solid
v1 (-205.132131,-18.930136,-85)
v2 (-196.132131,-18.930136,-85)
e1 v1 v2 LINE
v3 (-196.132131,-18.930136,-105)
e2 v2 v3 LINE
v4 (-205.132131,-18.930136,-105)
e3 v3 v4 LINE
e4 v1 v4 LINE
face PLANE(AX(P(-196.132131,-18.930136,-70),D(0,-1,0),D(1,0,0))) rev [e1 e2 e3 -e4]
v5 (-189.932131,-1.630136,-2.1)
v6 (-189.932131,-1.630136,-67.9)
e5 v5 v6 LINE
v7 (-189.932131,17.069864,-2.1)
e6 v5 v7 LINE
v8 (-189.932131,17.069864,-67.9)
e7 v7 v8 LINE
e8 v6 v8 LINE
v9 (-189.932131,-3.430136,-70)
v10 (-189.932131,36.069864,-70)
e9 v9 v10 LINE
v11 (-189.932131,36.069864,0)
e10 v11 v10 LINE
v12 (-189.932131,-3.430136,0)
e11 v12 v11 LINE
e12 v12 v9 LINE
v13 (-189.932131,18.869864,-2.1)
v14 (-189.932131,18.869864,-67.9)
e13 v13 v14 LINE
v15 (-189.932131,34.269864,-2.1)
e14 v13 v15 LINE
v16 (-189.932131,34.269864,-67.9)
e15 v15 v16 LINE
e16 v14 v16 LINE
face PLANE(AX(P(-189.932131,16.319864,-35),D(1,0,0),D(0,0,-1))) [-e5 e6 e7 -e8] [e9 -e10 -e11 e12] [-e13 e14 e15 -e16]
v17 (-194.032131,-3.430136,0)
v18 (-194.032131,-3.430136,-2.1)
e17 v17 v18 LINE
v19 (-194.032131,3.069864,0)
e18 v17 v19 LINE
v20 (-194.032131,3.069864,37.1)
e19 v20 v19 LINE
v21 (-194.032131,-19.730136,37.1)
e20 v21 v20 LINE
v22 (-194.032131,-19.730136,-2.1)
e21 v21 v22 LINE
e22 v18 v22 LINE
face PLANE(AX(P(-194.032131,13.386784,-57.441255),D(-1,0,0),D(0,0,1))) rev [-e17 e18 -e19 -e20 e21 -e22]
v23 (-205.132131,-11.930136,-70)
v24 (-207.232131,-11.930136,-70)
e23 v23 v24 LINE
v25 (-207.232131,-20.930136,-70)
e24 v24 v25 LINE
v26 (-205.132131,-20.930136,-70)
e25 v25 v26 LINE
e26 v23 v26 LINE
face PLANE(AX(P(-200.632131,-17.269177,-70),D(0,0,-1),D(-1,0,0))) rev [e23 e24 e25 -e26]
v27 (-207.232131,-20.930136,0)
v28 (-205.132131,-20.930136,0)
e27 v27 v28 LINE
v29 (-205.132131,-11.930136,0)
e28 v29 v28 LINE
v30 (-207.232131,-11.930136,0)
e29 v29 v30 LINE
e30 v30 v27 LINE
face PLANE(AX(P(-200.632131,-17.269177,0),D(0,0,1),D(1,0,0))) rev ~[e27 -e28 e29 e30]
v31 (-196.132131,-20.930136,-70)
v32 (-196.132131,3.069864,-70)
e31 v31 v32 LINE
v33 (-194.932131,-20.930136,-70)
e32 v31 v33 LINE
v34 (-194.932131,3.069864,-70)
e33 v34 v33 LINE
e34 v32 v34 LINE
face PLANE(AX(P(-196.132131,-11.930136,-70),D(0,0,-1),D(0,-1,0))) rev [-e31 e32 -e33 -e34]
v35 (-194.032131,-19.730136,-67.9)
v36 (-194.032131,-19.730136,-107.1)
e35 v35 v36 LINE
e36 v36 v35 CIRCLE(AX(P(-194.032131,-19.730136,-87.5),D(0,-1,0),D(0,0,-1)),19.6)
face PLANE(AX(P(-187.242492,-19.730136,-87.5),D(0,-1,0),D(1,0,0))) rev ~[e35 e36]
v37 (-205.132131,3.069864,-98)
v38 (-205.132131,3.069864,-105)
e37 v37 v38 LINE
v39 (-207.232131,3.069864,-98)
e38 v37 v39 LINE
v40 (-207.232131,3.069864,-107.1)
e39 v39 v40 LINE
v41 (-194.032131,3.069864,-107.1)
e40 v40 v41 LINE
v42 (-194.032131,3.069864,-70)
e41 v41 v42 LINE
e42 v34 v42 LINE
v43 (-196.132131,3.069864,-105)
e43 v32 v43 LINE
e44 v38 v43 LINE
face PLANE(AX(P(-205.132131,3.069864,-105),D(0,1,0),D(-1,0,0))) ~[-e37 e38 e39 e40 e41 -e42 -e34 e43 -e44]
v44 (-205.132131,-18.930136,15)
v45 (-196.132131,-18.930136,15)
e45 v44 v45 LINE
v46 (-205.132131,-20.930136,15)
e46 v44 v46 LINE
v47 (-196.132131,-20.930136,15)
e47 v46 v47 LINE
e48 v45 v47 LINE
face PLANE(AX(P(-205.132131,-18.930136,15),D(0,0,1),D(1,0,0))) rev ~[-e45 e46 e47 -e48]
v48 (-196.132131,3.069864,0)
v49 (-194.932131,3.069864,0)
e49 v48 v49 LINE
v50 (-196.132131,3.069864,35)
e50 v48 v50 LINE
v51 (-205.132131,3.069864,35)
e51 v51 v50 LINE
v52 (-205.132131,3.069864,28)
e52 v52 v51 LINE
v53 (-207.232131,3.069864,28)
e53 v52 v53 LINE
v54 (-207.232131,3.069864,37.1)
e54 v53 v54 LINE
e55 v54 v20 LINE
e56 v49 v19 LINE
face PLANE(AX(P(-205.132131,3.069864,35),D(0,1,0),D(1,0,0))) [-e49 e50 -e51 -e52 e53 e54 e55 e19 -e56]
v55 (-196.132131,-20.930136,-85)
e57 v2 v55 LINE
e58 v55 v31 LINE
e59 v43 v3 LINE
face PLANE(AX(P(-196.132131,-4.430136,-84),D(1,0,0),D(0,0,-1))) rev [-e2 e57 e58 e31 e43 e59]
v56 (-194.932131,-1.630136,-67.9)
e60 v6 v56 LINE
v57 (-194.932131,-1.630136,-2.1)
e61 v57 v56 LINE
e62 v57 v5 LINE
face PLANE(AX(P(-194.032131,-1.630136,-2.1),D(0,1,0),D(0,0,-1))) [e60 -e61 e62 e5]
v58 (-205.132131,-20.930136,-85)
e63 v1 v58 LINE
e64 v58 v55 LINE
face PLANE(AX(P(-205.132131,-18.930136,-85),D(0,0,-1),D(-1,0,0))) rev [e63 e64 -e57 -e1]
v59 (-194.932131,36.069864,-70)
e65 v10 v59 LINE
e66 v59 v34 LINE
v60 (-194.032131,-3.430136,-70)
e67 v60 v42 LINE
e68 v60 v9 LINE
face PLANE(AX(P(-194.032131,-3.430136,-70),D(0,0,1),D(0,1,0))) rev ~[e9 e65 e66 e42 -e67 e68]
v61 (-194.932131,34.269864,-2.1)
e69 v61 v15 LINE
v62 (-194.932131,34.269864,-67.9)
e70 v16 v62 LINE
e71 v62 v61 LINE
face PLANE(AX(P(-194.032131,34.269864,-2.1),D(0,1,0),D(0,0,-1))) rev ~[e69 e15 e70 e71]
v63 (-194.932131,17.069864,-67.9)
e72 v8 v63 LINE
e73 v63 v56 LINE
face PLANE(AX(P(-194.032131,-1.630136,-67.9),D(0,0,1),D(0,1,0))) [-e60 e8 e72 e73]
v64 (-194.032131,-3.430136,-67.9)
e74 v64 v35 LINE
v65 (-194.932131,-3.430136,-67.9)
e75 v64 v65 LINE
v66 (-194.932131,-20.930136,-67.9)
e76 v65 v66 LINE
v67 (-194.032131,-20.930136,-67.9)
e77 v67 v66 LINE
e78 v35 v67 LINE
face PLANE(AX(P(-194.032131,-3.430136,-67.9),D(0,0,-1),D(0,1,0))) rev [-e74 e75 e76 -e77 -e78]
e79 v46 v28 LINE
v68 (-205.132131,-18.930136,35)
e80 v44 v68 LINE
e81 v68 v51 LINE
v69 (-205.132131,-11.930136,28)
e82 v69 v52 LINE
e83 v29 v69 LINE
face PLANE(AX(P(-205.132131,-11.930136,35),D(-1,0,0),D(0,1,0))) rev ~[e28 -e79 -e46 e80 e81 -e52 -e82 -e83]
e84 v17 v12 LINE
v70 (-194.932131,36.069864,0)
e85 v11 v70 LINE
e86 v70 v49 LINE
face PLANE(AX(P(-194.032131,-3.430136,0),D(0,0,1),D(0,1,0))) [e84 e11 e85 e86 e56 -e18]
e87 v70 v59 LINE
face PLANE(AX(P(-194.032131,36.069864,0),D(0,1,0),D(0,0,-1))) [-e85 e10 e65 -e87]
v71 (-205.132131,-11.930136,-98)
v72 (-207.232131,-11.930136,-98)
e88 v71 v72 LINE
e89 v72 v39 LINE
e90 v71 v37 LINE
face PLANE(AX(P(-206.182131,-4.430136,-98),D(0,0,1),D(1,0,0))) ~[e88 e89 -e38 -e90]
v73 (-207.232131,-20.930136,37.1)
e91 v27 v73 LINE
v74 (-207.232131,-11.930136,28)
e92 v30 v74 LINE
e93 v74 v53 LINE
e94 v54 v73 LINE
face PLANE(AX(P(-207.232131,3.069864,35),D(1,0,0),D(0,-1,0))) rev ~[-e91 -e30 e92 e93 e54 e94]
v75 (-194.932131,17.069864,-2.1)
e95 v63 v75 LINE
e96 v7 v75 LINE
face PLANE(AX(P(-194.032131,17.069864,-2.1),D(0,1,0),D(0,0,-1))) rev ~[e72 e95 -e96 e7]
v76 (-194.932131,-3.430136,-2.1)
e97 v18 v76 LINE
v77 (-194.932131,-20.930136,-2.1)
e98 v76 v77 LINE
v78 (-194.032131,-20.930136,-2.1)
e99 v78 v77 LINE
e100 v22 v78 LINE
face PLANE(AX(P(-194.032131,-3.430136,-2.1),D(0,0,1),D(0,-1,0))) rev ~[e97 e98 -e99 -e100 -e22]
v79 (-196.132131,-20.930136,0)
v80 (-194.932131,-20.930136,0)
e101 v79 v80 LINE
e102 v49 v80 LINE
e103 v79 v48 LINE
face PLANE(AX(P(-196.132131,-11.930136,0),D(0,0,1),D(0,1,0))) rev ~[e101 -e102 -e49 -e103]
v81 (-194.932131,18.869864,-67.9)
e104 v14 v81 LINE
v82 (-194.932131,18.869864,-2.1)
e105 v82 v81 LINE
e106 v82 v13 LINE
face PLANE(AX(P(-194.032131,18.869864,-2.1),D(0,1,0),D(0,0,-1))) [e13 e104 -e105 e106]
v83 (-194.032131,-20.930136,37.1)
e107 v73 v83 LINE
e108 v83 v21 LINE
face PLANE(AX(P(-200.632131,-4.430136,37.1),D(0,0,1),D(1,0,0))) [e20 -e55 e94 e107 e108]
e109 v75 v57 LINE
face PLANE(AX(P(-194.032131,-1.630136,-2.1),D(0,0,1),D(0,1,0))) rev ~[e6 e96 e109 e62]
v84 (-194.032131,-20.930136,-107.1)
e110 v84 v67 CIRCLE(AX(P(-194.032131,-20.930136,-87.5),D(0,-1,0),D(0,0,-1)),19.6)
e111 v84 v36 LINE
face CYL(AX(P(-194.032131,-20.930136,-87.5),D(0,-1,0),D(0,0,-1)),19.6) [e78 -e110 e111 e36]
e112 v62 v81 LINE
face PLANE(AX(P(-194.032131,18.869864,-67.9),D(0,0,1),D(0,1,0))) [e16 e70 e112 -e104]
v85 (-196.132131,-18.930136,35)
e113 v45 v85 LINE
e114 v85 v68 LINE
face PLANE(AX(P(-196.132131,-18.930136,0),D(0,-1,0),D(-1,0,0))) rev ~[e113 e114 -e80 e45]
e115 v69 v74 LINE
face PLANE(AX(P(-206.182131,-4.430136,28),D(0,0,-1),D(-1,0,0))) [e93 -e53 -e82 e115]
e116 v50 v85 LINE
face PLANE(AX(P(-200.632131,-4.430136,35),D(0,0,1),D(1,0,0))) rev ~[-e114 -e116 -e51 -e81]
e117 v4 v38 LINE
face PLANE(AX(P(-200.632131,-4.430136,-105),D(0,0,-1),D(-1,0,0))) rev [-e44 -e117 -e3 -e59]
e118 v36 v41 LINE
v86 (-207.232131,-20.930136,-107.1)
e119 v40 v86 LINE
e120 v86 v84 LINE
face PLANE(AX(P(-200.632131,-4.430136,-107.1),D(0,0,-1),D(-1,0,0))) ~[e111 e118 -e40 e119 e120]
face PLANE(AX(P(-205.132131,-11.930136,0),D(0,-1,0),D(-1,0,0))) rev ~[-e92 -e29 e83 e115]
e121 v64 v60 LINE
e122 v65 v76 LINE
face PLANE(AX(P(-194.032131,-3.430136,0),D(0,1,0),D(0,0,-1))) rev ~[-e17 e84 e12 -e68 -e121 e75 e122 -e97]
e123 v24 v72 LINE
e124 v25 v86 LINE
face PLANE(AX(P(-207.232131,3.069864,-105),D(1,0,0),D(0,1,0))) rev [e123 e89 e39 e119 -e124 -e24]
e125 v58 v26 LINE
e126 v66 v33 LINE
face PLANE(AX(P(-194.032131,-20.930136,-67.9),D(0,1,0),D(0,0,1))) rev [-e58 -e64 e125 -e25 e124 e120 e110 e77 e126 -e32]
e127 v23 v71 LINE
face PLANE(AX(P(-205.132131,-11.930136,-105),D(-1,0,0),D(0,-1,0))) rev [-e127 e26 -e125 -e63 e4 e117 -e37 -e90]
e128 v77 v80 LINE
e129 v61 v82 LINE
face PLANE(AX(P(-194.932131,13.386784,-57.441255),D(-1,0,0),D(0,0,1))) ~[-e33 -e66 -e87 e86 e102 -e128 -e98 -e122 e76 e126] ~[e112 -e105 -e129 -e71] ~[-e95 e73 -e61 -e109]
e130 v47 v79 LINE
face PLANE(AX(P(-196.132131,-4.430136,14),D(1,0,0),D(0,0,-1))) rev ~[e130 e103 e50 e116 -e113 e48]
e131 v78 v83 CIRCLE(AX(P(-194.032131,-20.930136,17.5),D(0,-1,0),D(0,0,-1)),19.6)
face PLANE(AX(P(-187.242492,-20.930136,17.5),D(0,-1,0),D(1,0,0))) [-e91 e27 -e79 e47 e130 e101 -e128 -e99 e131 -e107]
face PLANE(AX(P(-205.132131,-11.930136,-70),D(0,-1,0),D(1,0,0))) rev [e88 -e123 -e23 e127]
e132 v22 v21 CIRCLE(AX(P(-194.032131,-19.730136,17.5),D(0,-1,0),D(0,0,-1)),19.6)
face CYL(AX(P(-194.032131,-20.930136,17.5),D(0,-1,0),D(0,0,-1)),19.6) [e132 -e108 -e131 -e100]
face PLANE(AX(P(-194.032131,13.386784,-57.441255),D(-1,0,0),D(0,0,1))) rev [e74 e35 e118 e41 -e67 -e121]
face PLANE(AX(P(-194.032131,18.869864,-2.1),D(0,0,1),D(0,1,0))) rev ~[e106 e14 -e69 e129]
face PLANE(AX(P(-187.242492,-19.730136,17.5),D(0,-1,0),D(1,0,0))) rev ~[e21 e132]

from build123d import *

# Parameters (mm, degrees)
SALIENTE_EXTRUIR2_DEPTH  = 35
CROQUIS4_W               = 9
CROQUIS4_H               = 15
CORTAR_EXTRUIR1_DEPTH    = 70
SALIENTE_EXTRUIR3_DEPTH  = 2.1
CROQUIS8_W               = 2.1
CROQUIS8_H               = 15
SALIENTE_EXTRUIR4_DEPTH  = 7
SALIENTE_EXTRUIR5_START  = -2.1
CROQUIS9_W               = 28
CROQUIS9_H               = 15
SALIENTE_EXTRUIR5_DEPTH  = 2.1
SALIENTE_EXTRUIR6_START  = -2.1
CROQUIS10_W              = 9
CROQUIS10_H              = 15
SALIENTE_EXTRUIR6_DEPTH  = 2.1
SALIENTE_EXTRUIR7_DEPTH  = 0.9
SALIENTE_EXTRUIR8_DEPTH  = 1.2
CROQUIS16_W              = 70
CROQUIS16_H              = 39.5
CROQUIS16_W_2            = 65.8
CROQUIS16_H_2            = 15.4
CROQUIS16_H_3            = 18.7
SALIENTE_EXTRUIR10_DEPTH = 4.1


with BuildPart() as part:
    # Croquis3 → Saliente-Extruir2 (new body)
    with BuildSketch(Plane.XY):
        Polygon((-207.232131222, -11.93013618), (-207.232131222, -18.93013618), (-207.232131222, -20.93013618), (-194.032131222, -20.93013618), (-194.032131222, -11.93013618), (-196.132131222, -11.93013618), (-196.132131222, -18.93013618), (-205.132131222, -18.93013618), (-205.132131222, -11.93013618), align=None)
    extrude(amount=SALIENTE_EXTRUIR2_DEPTH)

    # Croquis4 → Cortar-Extruir1 (cut)
    with BuildSketch(Plane(origin=(0, -18.93013618, 0), x_dir=(1, 0, 0), z_dir=(0, 1, 0))):
        with Locations((-200.632131222, -7.5)):
            Rectangle(CROQUIS4_W, CROQUIS4_H)
    extrude(amount=-CORTAR_EXTRUIR1_DEPTH, mode=Mode.SUBTRACT)

    # Croquis7 → Saliente-Extruir3 (add)
    with BuildSketch(Plane.XY.offset(35)):
        Polygon((-205.132131222, -11.93013618), (-205.132131222, 3.06986382), (-207.232131222, 3.06986382), (-207.232131222, -20.93013618), (-194.032131222, -20.93013618), (-194.032131222, 3.06986382), (-196.132131222, 3.06986382), (-196.132131222, -11.93013618), align=None)
    extrude(amount=SALIENTE_EXTRUIR3_DEPTH)

    # Croquis8 → Saliente-Extruir4 (add)
    with BuildSketch(Plane(origin=(0, 0, 35), x_dir=(-1, 0, 0), z_dir=(0, 0, -1))):
        with Locations((195.082131222, -4.43013618)):
            Rectangle(CROQUIS8_W, CROQUIS8_H)
        with Locations((206.182131222, -4.43013618)):
            Rectangle(CROQUIS8_W, CROQUIS8_H)
    extrude(amount=SALIENTE_EXTRUIR4_DEPTH)

    # Croquis9 → Saliente-Extruir5 (add)
    with BuildSketch(Plane(origin=(-194.032131222, 0, 0), x_dir=(0, 0, -1), z_dir=(1, 0, 0)).offset(SALIENTE_EXTRUIR5_START)):
        with Locations((-14, -4.43013618)):
            Rectangle(CROQUIS9_W, CROQUIS9_H)
    extrude(amount=SALIENTE_EXTRUIR5_DEPTH)

    # Croquis10 → Saliente-Extruir6 (add)
    with BuildSketch(Plane.XY.offset(37.1).offset(SALIENTE_EXTRUIR6_START)):
        with Locations((-200.632131222, -4.43013618)):
            Rectangle(CROQUIS10_W, CROQUIS10_H)
    extrude(amount=SALIENTE_EXTRUIR6_DEPTH)

    # Croquis12 → Saliente-Extruir7 (add)
    with BuildSketch(Plane(origin=(-194.032131222, 0, 0), x_dir=(0, 0, -1), z_dir=(1, 0, 0))):
        Polygon((0, 3.06986382), (0, 36.06986382), (35, 36.06986382), (35, 34.26986382), (2.1, 34.26986382), (2.1, 18.86986382), (35, 18.86986382), (35, 17.06986382), (2.1, 17.06986382), (2.1, -1.63013618), (35, -1.63013618), (35, -3.43013618), (2.1, -3.43013618), (2.1, -20.93013618), (0, -20.93013618), align=None)
    extrude(amount=-SALIENTE_EXTRUIR7_DEPTH)

    # Simetría5: part across plane


with BuildPart() as part_1:
    add(part.part)
    add(part.part.mirror(Plane(origin=(0, 0, -35), x_dir=(1, 0, 0), z_dir=(0, 0, -1))))

    # Croquis13 → Saliente-Extruir8 (add)
    with BuildSketch(Plane.XZ.offset(20.93013618)):
        with BuildLine():
            Line((-194.032131222, 37.1), (-194.032131222, -2.1))
            ThreePointArc((-194.032131222, -2.1), (-174.432131222, 17.5), (-194.032131222, 37.1))
        make_face()
        with BuildLine():
            Line((-194.032131222, -67.9), (-194.032131222, -107.1))
            ThreePointArc((-194.032131222, -107.1), (-174.432131222, -87.5), (-194.032131222, -67.9))
        make_face()
    extrude(amount=-SALIENTE_EXTRUIR8_DEPTH)

    # Croquis16 → Saliente-Extruir10 (add)
    with BuildSketch(Plane(origin=(-194.032131222, 0, 0), x_dir=(0, 0, -1), z_dir=(1, 0, 0))):
        with Locations((35, 16.31986382)):
            Rectangle(CROQUIS16_W, CROQUIS16_H)
        with Locations((35, 26.56986382)):
            Rectangle(CROQUIS16_W_2, CROQUIS16_H_2, mode=Mode.SUBTRACT)
        with Locations((35, 7.71986382)):
            Rectangle(CROQUIS16_W_2, CROQUIS16_H_3, mode=Mode.SUBTRACT)
    extrude(amount=SALIENTE_EXTRUIR10_DEPTH)


solid = part_1.part
